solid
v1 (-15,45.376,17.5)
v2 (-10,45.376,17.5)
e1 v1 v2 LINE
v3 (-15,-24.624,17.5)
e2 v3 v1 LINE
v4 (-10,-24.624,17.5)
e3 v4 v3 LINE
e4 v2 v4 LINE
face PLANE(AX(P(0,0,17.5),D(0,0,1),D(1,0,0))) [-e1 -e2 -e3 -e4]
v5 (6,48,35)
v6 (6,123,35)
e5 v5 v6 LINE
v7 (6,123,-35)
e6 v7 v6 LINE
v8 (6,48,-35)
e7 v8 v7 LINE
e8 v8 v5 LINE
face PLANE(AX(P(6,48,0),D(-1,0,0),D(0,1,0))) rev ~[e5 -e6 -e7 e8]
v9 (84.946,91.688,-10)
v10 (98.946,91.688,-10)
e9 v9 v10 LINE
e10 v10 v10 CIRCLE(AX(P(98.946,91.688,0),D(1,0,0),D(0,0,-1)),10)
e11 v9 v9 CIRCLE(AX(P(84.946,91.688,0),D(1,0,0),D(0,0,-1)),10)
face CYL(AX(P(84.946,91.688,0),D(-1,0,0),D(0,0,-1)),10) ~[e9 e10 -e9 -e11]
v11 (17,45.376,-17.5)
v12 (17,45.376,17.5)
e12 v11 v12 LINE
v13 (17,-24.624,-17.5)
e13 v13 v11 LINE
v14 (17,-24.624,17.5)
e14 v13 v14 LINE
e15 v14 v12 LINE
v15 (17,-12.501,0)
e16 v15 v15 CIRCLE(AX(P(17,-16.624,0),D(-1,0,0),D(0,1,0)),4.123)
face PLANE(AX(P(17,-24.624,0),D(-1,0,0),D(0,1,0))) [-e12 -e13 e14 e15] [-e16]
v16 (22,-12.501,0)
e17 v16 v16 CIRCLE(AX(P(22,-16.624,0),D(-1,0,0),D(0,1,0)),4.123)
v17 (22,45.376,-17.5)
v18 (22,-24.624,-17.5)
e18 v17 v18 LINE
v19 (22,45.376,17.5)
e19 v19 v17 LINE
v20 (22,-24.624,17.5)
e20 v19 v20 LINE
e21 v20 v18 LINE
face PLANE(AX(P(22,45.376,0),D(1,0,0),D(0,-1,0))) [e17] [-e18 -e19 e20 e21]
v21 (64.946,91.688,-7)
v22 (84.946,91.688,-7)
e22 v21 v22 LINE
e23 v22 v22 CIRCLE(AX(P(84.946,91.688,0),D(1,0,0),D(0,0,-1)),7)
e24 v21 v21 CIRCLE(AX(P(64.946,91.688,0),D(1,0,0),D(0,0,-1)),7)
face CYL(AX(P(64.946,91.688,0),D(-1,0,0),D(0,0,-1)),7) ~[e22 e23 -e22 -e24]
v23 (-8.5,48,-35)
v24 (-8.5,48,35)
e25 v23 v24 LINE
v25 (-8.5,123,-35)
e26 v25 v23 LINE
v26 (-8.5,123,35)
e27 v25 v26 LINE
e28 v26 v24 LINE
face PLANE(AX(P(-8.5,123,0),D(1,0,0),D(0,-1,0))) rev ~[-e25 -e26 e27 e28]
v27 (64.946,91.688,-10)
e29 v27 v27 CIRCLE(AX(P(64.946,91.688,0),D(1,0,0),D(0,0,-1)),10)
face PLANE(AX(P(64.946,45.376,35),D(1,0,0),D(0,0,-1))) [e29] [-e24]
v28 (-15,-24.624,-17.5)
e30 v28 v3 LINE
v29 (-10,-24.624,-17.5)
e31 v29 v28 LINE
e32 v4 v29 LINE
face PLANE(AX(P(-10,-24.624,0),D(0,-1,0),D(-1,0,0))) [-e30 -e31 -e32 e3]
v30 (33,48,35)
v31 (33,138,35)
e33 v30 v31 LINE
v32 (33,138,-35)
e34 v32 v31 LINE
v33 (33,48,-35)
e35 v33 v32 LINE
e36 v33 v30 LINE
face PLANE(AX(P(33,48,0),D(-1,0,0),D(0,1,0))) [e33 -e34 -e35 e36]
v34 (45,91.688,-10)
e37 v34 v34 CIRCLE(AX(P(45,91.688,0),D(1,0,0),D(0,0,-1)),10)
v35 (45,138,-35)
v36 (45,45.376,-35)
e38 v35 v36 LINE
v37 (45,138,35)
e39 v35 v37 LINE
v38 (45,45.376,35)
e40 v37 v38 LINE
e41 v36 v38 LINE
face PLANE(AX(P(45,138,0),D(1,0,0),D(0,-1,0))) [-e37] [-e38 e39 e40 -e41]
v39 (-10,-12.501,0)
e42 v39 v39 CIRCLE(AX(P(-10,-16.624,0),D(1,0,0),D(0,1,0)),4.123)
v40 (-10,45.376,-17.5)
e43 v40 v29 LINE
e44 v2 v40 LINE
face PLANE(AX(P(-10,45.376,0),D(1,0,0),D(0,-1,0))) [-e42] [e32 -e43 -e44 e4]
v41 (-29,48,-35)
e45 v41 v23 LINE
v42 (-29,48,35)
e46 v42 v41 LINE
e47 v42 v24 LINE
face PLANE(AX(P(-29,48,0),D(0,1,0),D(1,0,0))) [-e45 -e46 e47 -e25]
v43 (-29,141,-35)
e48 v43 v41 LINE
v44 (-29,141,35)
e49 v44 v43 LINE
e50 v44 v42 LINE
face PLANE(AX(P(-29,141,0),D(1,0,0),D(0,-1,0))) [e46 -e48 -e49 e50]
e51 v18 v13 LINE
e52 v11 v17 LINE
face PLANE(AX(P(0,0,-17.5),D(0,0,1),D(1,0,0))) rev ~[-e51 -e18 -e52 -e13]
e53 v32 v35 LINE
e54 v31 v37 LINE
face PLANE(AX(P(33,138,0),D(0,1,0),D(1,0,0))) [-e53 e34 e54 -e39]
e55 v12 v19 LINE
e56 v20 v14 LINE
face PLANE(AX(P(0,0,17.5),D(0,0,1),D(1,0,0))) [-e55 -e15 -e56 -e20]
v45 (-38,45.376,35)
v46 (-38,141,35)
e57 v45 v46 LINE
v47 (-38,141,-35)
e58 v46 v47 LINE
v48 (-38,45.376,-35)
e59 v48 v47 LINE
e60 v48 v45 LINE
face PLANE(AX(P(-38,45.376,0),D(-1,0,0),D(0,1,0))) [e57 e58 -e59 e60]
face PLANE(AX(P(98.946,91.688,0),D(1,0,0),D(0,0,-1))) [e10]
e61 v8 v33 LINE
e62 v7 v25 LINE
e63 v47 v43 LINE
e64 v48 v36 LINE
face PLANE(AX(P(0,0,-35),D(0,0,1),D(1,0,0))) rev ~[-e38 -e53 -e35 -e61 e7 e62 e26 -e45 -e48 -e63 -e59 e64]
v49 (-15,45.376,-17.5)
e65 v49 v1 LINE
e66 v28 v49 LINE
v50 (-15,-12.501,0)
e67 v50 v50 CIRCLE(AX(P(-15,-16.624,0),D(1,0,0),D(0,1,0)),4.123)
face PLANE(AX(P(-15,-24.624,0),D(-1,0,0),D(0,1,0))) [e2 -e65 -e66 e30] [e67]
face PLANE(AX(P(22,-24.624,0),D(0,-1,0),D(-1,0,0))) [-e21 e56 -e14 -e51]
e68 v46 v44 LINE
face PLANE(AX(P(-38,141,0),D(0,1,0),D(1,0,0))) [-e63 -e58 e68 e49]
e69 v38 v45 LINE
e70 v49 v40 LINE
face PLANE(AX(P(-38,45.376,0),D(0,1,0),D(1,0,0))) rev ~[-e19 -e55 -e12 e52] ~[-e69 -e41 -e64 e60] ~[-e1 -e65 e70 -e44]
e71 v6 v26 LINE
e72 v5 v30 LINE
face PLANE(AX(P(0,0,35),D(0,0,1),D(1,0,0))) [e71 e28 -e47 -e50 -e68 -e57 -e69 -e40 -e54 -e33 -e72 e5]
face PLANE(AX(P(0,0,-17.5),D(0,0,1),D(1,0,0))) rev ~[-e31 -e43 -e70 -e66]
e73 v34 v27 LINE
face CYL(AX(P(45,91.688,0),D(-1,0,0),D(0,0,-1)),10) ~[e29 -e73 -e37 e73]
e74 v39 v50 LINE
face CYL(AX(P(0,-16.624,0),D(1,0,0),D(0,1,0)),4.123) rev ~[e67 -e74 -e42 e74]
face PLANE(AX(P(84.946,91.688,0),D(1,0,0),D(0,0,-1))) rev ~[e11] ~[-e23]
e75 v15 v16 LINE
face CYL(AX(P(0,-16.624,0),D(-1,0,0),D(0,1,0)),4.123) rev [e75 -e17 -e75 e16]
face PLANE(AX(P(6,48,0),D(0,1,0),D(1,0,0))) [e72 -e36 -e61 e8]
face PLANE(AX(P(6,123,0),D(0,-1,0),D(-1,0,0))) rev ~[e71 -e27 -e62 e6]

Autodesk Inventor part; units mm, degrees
ref_plane "YZ Plane" through (0, 0, 0) normal (1, 0, 0) x (0, 1, 0)
ref_plane "XZ Plane" through (0, 0, 0) normal (0, 1, 0) x (-1, 0, 0)
ref_plane "XY Plane" through (0, 0, 0) normal (0, 0, 1) x (1, 0, 0)
sketch "Sketch1" plane through (0, 0, 0) normal (0, 0, 1) x (1, 0, 0)
  line L0 (-38, 45.376) -> (-29, 45.376)
  line L1 (-29, 45.376) -> (-29, 48)
  line L2 (-29, 141) -> (-29, 48)
  line L3 (-38, 141) -> (-29, 141)
  line L4 (-38, 45.376) -> (-38, 141)
  line L5 (0, 45.376) -> (45, 45.376)
  line L6 (45, 138) -> (45, 45.376)
  line L7 (33, 138) -> (45, 138)
  line L8 (33, 48) -> (33, 138)
  line L9 (6, 48) -> (33, 48)
  line L10 (6, 48) -> (6, 123)
  line L11 (6, 123) -> (-8.5, 123)
  line L12 (-8.5, 123) -> (-8.5, 48)
  line L13 (0, 48) -> (-8.5, 48)
  line L14 (0, 45.376) -> (0, 48)
  line L15 (0, 48) -> (0, 45.376)
  line L16 (-29, 48) -> (0, 48)
  line L17 (-29, 45.376) -> (-29, 48)
  line L18 (0, 45.376) -> (-29, 45.376)
  point P0 (0, 0)
  point P1 (276, 309.9765)
  dimension "GRIP3_W" = 12
  dimension "GRIP3_MID_THICK" = 14.5
  dimension "GRIP3_LEFT_THICK" = 9
  dimension "GRIP3_H" = 92.624
  dimension "GRIP3_MIDDLE_H" = 75
  dimension "GRIP3_LEFT_H" = 95.624
  dimension "GRIP3_W_ALL" = 83
  dimension "GRIP3_T" = 2.624
  dimension "GRIP3_T_2" = 2.624
extrude "Extrusion1" add sketch "Sketch1" along normal mid plane 70
sketch "Sketch2" plane through (0, 0, 0) normal (0, 0, 1) x (1, 0, 0)
  line L0 (-29, 45.376) -> (45, 45.376) projected
  line L1 (-15, 45.376) -> (-10, 45.376)
  line L2 (-10, 45.376) -> (-10, -24.624)
  line L3 (-10, -24.624) -> (-15, -24.624)
  line L4 (-15, -24.624) -> (-15, 45.376)
  line L5 (17, 45.376) -> (22, 45.376)
  line L6 (22, 45.376) -> (22, -24.624)
  line L7 (22, -24.624) -> (17, -24.624)
  line L8 (17, -24.624) -> (17, 45.376)
  line L9 (45, 45.376) -> (45, 138) projected
  line L10 (-38, 141) -> (-38, 45.376) projected
  point P0 (0, 0)
  point P1 (-10, 45.376)
  point P2 (22, 45.376)
  dimension "GRIP3_MTG" = 70
  dimension "GRIP3_MTG_TH" = 5
  dimension "GRIP3_LOC" = 23
  dimension "d16" = 23
extrude "Extrusion2" add sketch "Sketch2" along normal mid plane 35
sketch "Sketch3" plane through (0, 0, 0) normal (1, 0, 0) x (0, 1, 0)
  circle A0 centre (-16.624, 0) radius 4.123
  line L0 (-24.624, -17.5) -> (-24.624, 17.5) projected
  line L1 (45.376, -17.5) -> (-24.624, -17.5) projected
  point P0 (0, 0)
  dimension "PIN_HOLE_DIAM" = 8.246
  dimension "LOC_PIN_HOLE" = 8
  dimension "LOC_HOLE" = 17.5
extrude "Extrusion3" cut sketch "Sketch3" along normal blind 35 and the other way blind 35
sketch "Sketch4" plane through (45, 45.376, 35) normal (1, 0, 0) x (0, 0, -1)
  circle A0 centre (35, 46.312) radius 10
  line L0 (70, 92.624) -> (70, 0) projected
  line L1 (70, 0) -> (0, 0) projected
  point P0 (35, -45.376)
  dimension "PIN_DIAM1" = 20
  dimension "LOC_PIN" = 35
  dimension "d26" = 46.312
extrude "Extrusion4" add sketch "Sketch4" along normal blind 19.946
sketch "Sketch5" plane through (64.946, 91.688, 0) normal (1, 0, 0) x (0, 0, -1)
  circle A0 centre (0, 0) radius 7
  point P0 (0, -91.688)
  dimension "PIN_DIAME2" = 14
extrude "Extrusion5" add sketch "Sketch5" along normal blind 20
sketch "Sketch6" plane through (84.946, 91.688, 0) normal (1, 0, 0) x (0, 0, -1)
  circle A0 centre (0, 0) radius 10
  point P0 (0, -91.688)
  dimension "PIN_DIAM3" = 20
extrude "Extrusion6" add sketch "Sketch6" along normal blind 14
equation "\"GRIP3_T_2\" = GRIP3_T"
equation "\"d16\" = GRIP3_LOC"
equation "\"LOC_HOLE\" = 0.5 * GRIP3_MTG_EXTR"
equation "\"LOC_PIN\" = 0.5 * GRIP3_EXTR"
equation "\"d26\" = 0.5 * GRIP3_H"
equation "\"PIN_DIAM3\" = PIN_DIAM1"
equation "\"PIN3_H\" = PIN_DIAME2"
equation "\"GRIP3_MTG_EXTR\" = 35"
equation "\"GRIP3_EXTR\" = 70"
properties part number "grip - Copy1-1"
